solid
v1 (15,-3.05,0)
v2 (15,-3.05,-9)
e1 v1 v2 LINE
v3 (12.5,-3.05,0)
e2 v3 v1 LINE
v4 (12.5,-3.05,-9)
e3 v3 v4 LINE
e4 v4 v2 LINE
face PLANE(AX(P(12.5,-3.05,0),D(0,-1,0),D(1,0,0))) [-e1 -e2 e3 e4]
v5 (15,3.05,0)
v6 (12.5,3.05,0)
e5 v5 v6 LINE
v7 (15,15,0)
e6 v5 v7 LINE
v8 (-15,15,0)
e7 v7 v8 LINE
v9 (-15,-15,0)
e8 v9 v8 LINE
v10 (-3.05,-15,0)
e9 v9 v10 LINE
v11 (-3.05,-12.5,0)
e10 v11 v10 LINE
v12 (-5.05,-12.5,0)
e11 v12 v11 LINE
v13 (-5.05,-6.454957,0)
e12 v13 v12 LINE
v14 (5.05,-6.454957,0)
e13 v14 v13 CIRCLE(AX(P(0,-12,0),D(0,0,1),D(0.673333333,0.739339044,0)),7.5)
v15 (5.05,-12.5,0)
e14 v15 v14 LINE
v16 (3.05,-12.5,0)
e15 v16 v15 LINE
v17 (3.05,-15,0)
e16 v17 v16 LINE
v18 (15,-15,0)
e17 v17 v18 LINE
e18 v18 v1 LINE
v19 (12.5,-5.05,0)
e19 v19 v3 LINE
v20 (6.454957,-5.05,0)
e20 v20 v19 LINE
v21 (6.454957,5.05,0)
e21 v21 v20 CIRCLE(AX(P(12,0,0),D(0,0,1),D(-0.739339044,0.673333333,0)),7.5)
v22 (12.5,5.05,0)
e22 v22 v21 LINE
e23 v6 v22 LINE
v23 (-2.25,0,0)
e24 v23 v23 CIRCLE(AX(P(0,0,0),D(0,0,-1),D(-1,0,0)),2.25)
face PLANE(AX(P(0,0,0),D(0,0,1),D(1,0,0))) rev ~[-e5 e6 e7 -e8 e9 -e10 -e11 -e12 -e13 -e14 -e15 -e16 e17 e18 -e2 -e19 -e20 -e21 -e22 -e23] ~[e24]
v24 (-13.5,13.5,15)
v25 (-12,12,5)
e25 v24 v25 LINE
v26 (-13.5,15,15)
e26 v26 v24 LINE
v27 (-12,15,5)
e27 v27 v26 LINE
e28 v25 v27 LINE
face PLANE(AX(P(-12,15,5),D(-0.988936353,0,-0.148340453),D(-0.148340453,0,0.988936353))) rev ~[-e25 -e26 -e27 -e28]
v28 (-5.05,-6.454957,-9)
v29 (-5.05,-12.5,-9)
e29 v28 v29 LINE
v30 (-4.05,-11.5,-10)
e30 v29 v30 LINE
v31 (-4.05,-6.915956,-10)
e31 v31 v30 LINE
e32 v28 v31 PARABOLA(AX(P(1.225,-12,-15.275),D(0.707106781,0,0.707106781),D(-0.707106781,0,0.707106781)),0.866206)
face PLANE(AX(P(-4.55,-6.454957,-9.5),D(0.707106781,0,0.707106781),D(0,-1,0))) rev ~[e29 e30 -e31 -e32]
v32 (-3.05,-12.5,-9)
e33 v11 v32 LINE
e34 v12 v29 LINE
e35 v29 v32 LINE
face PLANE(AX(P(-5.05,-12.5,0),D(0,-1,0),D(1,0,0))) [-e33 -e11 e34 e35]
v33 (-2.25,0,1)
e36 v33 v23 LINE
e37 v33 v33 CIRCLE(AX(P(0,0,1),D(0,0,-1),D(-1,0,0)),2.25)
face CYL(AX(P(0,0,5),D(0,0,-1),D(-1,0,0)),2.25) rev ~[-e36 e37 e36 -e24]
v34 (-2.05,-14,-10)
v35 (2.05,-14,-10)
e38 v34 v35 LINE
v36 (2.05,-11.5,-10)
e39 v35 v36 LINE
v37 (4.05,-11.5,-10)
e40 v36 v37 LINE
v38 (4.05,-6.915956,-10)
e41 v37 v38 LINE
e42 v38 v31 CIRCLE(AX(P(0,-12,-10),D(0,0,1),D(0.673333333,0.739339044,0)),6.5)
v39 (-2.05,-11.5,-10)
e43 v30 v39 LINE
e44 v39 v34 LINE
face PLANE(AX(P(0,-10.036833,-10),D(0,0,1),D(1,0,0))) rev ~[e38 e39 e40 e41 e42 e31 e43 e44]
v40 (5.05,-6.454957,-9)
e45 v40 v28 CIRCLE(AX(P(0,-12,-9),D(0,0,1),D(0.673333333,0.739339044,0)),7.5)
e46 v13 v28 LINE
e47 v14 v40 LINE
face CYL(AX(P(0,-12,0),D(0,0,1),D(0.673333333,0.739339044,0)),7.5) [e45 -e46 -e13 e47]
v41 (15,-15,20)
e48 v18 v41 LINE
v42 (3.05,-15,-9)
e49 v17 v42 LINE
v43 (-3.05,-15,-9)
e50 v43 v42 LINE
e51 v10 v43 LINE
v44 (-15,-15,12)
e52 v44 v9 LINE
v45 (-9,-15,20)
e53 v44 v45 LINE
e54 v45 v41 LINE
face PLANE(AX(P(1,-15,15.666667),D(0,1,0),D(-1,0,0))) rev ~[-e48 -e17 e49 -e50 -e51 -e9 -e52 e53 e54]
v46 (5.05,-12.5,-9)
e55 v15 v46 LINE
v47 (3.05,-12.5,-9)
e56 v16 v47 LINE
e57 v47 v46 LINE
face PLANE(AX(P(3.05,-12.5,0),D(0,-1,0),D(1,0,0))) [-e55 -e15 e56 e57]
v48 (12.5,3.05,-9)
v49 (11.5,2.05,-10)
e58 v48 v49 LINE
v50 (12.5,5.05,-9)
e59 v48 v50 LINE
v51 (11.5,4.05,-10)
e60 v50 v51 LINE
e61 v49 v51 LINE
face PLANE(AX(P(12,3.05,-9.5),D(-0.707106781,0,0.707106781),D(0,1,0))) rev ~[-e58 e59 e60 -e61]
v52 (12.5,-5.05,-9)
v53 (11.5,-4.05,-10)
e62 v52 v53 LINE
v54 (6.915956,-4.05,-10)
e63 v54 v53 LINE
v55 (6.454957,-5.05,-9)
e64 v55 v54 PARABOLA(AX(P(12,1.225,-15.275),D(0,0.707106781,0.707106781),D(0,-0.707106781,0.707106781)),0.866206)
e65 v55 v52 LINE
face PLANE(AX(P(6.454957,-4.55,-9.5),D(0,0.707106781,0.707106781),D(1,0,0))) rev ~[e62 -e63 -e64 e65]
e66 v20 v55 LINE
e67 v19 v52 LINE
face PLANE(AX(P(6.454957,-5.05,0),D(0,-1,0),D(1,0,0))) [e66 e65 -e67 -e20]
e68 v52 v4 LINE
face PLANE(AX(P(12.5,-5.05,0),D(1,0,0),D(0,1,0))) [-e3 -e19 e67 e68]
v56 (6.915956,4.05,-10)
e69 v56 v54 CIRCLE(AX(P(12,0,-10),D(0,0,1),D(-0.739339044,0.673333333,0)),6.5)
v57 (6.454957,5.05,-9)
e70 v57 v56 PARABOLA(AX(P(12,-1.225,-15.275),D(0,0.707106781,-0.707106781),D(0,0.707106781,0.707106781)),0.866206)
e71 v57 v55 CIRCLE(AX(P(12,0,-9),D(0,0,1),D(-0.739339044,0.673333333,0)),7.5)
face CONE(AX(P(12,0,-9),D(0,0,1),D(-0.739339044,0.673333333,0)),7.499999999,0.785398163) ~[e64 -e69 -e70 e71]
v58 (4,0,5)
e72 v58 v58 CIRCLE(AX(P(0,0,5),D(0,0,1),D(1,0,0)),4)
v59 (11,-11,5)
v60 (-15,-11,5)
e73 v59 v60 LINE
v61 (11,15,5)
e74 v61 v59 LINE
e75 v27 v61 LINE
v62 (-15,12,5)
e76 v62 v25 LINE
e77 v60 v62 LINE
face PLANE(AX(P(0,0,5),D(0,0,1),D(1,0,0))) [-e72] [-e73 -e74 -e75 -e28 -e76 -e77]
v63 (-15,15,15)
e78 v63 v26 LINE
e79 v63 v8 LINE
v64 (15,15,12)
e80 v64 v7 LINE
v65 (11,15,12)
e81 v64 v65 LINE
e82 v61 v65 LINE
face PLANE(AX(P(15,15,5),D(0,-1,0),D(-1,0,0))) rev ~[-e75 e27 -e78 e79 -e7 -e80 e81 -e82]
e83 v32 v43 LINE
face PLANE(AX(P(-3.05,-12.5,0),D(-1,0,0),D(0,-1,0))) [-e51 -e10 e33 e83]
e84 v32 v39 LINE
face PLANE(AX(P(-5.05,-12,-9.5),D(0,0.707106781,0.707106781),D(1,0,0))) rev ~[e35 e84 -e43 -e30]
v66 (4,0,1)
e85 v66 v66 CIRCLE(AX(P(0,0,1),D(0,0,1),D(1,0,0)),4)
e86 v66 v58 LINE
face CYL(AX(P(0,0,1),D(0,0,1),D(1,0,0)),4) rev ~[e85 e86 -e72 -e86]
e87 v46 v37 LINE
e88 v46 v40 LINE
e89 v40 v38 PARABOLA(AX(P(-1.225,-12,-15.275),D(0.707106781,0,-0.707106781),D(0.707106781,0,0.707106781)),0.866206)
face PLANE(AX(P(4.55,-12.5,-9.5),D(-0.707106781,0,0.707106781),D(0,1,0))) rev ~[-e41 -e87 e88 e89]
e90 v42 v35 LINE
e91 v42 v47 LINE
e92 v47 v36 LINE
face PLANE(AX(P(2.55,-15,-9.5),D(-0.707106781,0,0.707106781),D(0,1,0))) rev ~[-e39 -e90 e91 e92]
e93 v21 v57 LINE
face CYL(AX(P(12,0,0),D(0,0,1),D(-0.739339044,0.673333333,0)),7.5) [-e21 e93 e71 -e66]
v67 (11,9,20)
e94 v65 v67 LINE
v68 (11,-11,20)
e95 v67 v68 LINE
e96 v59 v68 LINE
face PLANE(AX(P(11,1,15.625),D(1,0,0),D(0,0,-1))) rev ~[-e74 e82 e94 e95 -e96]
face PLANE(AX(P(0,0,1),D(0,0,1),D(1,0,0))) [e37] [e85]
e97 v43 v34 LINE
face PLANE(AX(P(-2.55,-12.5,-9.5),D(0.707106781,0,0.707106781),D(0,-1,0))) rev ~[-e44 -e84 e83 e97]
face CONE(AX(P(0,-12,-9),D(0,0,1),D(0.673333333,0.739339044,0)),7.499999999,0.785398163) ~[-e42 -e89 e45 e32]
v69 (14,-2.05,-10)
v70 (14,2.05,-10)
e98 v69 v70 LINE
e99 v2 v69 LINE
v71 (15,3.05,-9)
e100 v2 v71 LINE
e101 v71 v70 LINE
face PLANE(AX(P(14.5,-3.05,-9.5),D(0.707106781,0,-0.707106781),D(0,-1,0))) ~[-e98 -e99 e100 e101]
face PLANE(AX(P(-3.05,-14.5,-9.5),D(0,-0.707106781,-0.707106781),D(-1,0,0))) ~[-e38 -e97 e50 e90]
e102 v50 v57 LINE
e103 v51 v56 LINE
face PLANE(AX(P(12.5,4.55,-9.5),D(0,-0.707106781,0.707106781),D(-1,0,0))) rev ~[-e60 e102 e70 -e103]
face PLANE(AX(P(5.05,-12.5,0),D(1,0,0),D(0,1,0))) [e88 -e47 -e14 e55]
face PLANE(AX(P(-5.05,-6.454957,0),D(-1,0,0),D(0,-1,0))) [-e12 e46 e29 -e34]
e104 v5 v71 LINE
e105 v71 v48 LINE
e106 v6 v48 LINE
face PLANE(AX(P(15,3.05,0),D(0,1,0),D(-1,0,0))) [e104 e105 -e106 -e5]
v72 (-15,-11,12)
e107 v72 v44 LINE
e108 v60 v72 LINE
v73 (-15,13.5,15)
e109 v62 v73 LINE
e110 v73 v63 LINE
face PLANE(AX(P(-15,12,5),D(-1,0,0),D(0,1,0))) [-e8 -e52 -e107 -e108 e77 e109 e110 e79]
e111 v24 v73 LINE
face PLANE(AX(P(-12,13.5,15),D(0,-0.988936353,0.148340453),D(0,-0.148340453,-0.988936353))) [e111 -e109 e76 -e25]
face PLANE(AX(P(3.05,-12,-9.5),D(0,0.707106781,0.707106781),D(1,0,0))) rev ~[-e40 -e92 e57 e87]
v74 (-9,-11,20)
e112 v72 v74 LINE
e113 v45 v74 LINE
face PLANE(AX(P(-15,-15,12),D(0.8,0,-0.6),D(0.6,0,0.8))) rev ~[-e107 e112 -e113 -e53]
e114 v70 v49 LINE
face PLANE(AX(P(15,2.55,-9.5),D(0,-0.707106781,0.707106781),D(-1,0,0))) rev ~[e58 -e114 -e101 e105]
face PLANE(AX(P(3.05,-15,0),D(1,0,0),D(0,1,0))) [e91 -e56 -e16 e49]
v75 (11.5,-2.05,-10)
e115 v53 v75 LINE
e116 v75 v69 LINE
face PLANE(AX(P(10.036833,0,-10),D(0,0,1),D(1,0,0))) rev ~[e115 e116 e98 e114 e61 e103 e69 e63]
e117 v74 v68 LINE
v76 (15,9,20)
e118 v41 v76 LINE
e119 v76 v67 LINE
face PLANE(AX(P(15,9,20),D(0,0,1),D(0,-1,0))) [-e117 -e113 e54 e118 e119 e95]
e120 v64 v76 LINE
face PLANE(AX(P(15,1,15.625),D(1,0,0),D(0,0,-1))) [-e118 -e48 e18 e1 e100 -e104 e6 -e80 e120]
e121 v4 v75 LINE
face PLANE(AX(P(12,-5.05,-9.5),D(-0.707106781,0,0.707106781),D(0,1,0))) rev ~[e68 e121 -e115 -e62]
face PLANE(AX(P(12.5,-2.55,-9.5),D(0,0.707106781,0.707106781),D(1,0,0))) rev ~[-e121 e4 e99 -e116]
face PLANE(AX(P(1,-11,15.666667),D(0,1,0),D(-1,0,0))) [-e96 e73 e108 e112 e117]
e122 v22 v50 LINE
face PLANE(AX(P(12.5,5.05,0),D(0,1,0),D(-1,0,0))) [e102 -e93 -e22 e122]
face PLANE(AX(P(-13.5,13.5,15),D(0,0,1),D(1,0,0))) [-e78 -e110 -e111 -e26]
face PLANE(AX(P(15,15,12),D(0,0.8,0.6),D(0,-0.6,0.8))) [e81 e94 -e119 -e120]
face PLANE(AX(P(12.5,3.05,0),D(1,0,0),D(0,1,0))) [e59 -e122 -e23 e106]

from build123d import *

# Parameters (mm, degrees)
SKETCH_1_W                   = 30
SKETCH_1_H                   = 30
EXTRUDE_1_DEPTH              = 5
SKETCH_2_W                   = 3
SKETCH_2_H                   = 3
EXTRUDE_2_DEPTH              = 10
EXTRUDE_3_DEPTH              = 7
CUT_EXTRUDE_1_DEPTH          = 10
CUT_EXTRUDE_2_DEPTH          = 10
HOLE_WIZARD_M4_1_D           = 4.5
HOLE_WIZARD_M4_1_CBORE_D     = 8
HOLE_WIZARD_M4_1_CBORE_DEPTH = 4
EXTRUDE_4_DEPTH              = 10
CHAMFER_1_SIZE               = 1
CUT_EXTRUDE_4_DEPTH          = 10
EXTRUDE_5_DEPTH              = 4
EXTRUDE_6_DEPTH              = 4


with BuildPart() as part:
    # 스케치1 → 보스-돌출1 (new body)
    with BuildSketch(Plane.XY):
        Rectangle(SKETCH_1_W, SKETCH_1_H)
    extrude(amount=EXTRUDE_1_DEPTH)

    # 스케치2 → 보스-돌출2 (add)
    with BuildSketch(Plane.XY.offset(5)):
        with Locations((-13.5, 13.5)):
            Rectangle(SKETCH_2_W, SKETCH_2_H)
    extrude(amount=EXTRUDE_2_DEPTH)

    # 스케치2<3> → 보스-돌출3 (add)
    with BuildSketch(Plane.XY.offset(5)):
        Polygon((15, 15), (11, 15), (11, -11), (-15, -11), (-15, -15), (15, -15), align=None)
    extrude(amount=EXTRUDE_3_DEPTH)

    # 스케치3 → 컷-돌출1 (cut)
    with BuildSketch(Plane(origin=(-12, 0, 0), x_dir=(0, 0, -1), z_dir=(1, 0, 0))):
        Polygon((-15, 13.5), (-5, 12), (-15, 12), align=None)
    extrude(amount=-CUT_EXTRUDE_1_DEPTH, mode=Mode.SUBTRACT)

    # 스케치4 → 컷-돌출2 (cut)
    with BuildSketch(Plane(origin=(0, 15, 0), x_dir=(1, 0, 0), z_dir=(0, 1, 0))):
        Polygon((-12, -15), (-12, -5), (-13.5, -15), align=None)
    extrude(amount=-CUT_EXTRUDE_2_DEPTH, mode=Mode.SUBTRACT)

    # M4 소켓 머리 캡 나사용 카운터보어1 (through all)
    with Locations(Plane.XY.offset(5)):
        with Locations((0, 0)):
            CounterBoreHole(HOLE_WIZARD_M4_1_D / 2, HOLE_WIZARD_M4_1_CBORE_D / 2, HOLE_WIZARD_M4_1_CBORE_DEPTH)

    # 스케치8 → 보스-돌출4 (add)
    with BuildSketch(Plane(origin=(0, 0, 0), x_dir=(-1, 0, 0), z_dir=(0, 0, -1))):
        with BuildLine():
            Line((-3.05, 15), (3.05, 15))
            Line((3.05, 15), (3.05, 12.5))
            Line((3.05, 12.5), (5.05, 12.5))
            Line((5.05, 12.5), (5.05, 6.454957169))
            ThreePointArc((5.05, 6.454957169), (0, 4.5), (-5.05, 6.454957169))
            Line((-5.05, 6.454957169), (-5.05, 12.5))
            Line((-5.05, 12.5), (-3.05, 12.5))
            Line((-3.05, 12.5), (-3.05, 15))
        make_face()
        with BuildLine():
            Line((15, 3.05), (15, -3.05))
            Line((15, -3.05), (12.5, -3.05))
            Line((12.5, -3.05), (12.5, -5.05))
            Line((12.5, -5.05), (6.454957169, -5.05))
            ThreePointArc((6.454957169, -5.05), (4.5, 0), (6.454957169, 5.05))
            Line((6.454957169, 5.05), (12.5, 5.05))
            Line((12.5, 5.05), (12.5, 3.05))
            Line((12.5, 3.05), (15, 3.05))
        make_face()
        with BuildLine():
            Line((3.05, -15), (-3.05, -15))
            Line((-3.05, -15), (-3.05, -12.5))
            Line((-3.05, -12.5), (-5.05, -12.5))
            Line((-5.05, -12.5), (-5.05, -6.454957169))
            ThreePointArc((-5.05, -6.454957169), (0, -4.5), (5.05, -6.454957169))
            Line((5.05, -6.454957169), (5.05, -12.5))
            Line((5.05, -12.5), (3.05, -12.5))
            Line((3.05, -12.5), (3.05, -15))
        make_face()
        with BuildLine():
            Line((-15, -3.05), (-15, 3.05))
            Line((-15, 3.05), (-12.5, 3.05))
            Line((-12.5, 3.05), (-12.5, 5.05))
            Line((-12.5, 5.05), (-6.454957169, 5.05))
            ThreePointArc((-6.454957169, 5.05), (-4.5, 0), (-6.454957169, -5.05))
            Line((-6.454957169, -5.05), (-12.5, -5.05))
            Line((-12.5, -5.05), (-12.5, -3.05))
            Line((-12.5, -3.05), (-15, -3.05))
        make_face()
    extrude(amount=EXTRUDE_4_DEPTH)

    # 모따기1
    chamfer_1_edges = [part.edges().sort_by_distance(p)[0] for p in [
        (-13.75, -3.05, -10),
        (-15, 0, -10),
        (-13.75, 3.05, -10),
        (-12.5, 4.05, -10),
        (-9.477478584, 5.05, -10),
        (-4.5, 0, -10),
        (-9.477478584, -5.05, -10),
        (-12.5, -4.05, -10),
        (3.05, -13.75, -10),
        (0, -15, -10),
        (-3.05, -13.75, -10),
        (-4.05, -12.5, -10),
        (-5.05, -9.477478584, -10),
        (0, -4.5, -10),
        (5.05, -9.477478584, -10),
        (4.05, -12.5, -10),
        (13.75, 3.05, -10),
        (15, 0, -10),
        (13.75, -3.05, -10),
        (12.5, -4.05, -10),
        (9.477478584, -5.05, -10),
        (4.5, 0, -10),
        (9.477478584, 5.05, -10),
        (12.5, 4.05, -10),
        (-3.05, 13.75, -10),
        (0, 15, -10),
        (3.05, 13.75, -10),
        (4.05, 12.5, -10),
        (5.05, 9.477478584, -10),
        (0, 4.5, -10),
        (-5.05, 9.477478584, -10),
        (-4.05, 12.5, -10),
    ]]
    chamfer(chamfer_1_edges, length=CHAMFER_1_SIZE)

    # 스케치9 → 컷-돌출4 (cut)
    with BuildSketch(Plane(origin=(0, 0, -10), x_dir=(-1, 0, 0), z_dir=(0, 0, -1))):
        Polygon((-6.459146565, 15), (-6.459146565, 5.734562816), (1.656191427, 2.380775176), (5.83807478, -6.065801101), (15, -6.065801101), (15, 15), align=None)
    extrude(amount=-CUT_EXTRUDE_4_DEPTH, mode=Mode.SUBTRACT)

    # 스케치11 → 보스-돌출5 (add)
    with BuildSketch(Plane.XZ.offset(15)):
        Polygon((-15, 12), (-9, 20), (15, 20), (15, 12), align=None)
    extrude(amount=-EXTRUDE_5_DEPTH)

    # 스케치12 → 보스-돌출6 (add)
    with BuildSketch(Plane(origin=(15, 0, 0), x_dir=(0, 0, -1), z_dir=(1, 0, 0))):
        Polygon((-12, -11), (-12, 15), (-20, 9), (-20, -11), align=None)
    extrude(amount=-EXTRUDE_6_DEPTH)


solid = part.part
